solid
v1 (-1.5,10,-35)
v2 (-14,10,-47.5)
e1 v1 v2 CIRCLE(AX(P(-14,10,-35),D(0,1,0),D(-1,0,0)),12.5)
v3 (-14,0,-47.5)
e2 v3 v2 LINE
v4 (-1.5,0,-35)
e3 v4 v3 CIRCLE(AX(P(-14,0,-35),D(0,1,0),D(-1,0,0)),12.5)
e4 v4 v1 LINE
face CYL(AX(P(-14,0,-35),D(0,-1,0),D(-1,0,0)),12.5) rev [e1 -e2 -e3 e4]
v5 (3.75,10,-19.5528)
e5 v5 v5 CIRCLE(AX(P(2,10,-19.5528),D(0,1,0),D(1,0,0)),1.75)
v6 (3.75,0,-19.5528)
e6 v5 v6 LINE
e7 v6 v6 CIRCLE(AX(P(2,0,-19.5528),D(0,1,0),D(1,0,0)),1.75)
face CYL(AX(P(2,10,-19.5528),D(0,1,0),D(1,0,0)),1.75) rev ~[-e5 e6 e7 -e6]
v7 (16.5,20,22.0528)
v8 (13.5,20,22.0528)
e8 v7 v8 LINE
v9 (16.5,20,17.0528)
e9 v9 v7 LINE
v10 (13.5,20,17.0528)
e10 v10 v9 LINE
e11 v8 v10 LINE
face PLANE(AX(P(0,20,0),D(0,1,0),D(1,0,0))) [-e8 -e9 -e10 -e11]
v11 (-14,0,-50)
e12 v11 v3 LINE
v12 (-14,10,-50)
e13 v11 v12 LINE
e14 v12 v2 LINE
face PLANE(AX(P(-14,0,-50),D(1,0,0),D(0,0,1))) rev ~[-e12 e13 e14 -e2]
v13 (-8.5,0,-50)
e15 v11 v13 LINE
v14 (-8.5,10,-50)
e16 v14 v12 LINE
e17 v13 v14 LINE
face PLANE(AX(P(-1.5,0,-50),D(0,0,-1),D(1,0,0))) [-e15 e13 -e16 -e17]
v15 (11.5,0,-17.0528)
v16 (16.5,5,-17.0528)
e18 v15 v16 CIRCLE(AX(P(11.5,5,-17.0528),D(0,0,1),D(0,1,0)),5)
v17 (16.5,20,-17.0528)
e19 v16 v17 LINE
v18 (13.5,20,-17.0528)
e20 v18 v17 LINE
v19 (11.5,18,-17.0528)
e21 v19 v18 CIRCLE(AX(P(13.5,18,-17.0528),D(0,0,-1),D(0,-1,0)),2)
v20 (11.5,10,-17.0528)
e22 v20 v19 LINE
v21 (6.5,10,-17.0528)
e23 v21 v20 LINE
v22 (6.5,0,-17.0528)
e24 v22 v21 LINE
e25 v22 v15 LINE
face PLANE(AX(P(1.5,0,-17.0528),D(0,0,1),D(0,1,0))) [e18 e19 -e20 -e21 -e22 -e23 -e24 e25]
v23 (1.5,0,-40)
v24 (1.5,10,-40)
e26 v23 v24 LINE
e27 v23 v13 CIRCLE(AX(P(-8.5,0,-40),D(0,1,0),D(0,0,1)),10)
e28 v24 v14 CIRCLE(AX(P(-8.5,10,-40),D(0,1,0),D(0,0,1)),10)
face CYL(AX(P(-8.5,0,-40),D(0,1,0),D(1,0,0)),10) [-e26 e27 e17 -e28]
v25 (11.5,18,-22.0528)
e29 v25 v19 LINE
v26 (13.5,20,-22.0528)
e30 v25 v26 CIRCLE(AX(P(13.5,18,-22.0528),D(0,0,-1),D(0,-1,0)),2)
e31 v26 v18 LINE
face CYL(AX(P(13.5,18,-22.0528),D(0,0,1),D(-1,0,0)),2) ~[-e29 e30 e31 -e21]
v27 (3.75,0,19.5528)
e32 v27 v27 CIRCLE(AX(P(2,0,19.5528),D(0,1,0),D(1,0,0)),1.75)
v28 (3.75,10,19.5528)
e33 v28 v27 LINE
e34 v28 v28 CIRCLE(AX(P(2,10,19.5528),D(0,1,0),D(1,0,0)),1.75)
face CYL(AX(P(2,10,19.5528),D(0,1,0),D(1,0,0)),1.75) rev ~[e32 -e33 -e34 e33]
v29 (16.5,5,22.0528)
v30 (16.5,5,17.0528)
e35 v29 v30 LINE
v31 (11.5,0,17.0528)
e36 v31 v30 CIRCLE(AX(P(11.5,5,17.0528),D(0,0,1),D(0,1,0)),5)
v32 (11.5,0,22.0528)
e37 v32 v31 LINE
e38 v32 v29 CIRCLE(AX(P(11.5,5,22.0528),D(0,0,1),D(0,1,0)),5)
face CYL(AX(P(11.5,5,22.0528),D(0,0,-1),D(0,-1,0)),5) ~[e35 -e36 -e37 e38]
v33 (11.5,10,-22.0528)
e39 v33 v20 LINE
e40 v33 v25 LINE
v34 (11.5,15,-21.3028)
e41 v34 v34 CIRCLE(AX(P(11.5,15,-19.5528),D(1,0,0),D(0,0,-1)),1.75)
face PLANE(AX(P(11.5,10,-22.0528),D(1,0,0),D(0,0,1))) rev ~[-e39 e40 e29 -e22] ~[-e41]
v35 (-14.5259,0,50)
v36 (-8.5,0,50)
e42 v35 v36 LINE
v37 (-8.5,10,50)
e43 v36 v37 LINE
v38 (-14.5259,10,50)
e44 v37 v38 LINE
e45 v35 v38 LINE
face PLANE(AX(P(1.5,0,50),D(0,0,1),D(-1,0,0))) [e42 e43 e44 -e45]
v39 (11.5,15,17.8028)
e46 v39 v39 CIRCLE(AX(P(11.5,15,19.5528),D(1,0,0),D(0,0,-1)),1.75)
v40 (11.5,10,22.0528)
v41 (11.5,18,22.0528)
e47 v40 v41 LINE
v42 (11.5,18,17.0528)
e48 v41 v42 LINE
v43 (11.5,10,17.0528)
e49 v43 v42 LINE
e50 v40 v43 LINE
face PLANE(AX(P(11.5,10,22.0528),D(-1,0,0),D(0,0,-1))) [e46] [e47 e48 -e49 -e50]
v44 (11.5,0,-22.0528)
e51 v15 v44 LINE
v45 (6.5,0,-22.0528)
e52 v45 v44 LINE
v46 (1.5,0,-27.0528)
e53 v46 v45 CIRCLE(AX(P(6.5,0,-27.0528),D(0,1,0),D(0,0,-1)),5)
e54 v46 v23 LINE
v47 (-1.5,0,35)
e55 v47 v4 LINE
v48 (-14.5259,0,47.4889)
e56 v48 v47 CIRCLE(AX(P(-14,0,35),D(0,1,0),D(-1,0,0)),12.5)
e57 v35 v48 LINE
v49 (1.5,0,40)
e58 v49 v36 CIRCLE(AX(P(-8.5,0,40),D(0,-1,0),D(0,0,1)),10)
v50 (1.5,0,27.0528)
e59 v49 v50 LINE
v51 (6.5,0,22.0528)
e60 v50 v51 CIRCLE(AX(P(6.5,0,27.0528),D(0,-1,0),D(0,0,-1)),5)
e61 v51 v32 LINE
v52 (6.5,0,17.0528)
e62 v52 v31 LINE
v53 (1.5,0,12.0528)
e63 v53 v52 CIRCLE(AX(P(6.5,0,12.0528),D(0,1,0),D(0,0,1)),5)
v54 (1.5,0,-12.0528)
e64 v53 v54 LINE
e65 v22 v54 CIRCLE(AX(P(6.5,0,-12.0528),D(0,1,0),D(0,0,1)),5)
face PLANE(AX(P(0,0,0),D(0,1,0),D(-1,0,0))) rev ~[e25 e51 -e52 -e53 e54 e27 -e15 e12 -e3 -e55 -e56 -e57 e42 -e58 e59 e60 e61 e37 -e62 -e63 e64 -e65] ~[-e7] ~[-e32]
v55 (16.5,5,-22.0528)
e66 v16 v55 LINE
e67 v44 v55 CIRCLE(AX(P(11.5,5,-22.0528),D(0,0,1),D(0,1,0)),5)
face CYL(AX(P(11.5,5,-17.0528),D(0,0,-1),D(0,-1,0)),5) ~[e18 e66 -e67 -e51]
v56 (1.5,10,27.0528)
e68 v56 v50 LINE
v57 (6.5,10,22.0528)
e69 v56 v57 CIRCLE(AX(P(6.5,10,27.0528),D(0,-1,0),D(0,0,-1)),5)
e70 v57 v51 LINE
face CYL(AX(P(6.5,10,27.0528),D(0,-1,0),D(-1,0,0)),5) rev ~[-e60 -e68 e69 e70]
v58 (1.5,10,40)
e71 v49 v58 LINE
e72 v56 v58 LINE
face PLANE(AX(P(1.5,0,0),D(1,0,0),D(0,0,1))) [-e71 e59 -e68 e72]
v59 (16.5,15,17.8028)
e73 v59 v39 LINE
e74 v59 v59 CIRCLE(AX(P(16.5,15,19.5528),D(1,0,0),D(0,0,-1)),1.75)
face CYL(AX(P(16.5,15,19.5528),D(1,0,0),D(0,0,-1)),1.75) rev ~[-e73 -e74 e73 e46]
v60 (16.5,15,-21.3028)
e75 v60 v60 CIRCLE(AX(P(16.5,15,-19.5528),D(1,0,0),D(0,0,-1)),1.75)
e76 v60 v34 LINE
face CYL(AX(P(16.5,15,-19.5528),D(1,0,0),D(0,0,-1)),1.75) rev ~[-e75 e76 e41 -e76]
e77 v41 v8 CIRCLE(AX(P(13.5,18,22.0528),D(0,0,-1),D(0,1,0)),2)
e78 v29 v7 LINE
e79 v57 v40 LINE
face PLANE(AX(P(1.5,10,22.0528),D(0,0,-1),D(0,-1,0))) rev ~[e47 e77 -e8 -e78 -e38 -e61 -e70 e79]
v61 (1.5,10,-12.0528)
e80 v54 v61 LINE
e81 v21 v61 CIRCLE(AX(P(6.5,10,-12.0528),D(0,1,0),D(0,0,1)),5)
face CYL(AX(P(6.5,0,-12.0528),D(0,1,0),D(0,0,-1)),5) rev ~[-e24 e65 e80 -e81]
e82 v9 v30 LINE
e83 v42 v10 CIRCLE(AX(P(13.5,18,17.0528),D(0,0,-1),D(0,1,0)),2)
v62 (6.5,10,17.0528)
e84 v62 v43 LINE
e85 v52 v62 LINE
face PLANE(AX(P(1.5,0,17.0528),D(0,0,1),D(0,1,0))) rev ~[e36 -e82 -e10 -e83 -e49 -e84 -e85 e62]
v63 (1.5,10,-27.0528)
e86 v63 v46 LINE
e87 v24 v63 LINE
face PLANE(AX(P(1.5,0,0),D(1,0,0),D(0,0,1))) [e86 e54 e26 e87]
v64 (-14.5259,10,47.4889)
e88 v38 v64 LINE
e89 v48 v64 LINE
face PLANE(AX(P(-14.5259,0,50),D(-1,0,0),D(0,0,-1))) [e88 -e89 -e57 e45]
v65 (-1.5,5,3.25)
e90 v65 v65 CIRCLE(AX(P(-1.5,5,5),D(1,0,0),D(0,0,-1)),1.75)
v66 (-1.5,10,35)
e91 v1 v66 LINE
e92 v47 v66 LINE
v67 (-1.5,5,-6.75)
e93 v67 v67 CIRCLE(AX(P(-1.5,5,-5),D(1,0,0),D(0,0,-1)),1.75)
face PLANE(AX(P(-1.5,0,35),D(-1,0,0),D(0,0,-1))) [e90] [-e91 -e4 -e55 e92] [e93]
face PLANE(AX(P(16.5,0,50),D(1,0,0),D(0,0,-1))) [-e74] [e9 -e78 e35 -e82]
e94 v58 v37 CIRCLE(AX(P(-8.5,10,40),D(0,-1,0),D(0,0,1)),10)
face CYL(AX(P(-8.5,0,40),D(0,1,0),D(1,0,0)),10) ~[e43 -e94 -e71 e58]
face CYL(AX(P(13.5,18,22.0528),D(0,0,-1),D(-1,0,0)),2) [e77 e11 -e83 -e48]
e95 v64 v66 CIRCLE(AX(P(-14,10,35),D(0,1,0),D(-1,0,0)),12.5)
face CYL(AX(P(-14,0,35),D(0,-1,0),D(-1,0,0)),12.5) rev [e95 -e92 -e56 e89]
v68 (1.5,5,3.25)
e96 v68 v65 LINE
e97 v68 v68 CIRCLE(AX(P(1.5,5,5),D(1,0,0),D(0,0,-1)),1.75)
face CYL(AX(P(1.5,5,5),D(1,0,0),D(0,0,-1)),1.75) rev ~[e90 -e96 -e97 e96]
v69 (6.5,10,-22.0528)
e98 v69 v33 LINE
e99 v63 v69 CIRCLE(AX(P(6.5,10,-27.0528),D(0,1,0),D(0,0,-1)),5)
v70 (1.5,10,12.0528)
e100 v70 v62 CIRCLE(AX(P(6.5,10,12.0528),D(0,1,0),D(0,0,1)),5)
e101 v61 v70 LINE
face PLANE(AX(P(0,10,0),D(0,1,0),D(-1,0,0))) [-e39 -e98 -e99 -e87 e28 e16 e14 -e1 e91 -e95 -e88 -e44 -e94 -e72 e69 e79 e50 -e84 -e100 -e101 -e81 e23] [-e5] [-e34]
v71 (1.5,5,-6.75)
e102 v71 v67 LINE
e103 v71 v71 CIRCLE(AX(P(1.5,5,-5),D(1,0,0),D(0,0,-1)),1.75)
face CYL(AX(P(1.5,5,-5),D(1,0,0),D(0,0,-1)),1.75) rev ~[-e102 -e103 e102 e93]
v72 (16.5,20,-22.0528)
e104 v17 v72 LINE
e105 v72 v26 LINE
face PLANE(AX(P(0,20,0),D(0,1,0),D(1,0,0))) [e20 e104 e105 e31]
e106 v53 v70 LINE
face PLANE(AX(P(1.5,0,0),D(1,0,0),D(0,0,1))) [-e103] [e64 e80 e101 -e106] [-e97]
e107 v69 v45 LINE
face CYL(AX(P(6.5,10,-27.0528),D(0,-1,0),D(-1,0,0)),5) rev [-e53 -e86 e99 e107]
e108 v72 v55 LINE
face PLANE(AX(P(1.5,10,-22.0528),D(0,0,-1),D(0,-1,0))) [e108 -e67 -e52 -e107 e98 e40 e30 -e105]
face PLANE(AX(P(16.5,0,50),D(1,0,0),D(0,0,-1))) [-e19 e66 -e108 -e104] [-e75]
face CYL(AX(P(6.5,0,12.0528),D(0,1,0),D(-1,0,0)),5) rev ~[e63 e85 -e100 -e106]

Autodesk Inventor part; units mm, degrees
ref_plane "YZ Plane" through (0, 0, 0) normal (1, 0, 0) x (0, 1, 0)
ref_plane "XZ Plane" through (0, 0, 0) normal (0, 1, 0) x (-1, 0, 0)
ref_plane "XY Plane" through (0, 0, 0) normal (0, 0, 1) x (1, 0, 0)
sketch "Esquisse1" plane through (0, 0, 0) normal (0, 1, 0) x (-1, 0, 0)
  line L0 (-1.5, 50) -> (1.5, 50)
  line L1 (1.5, 50) -> (1.5, -50)
  line L2 (1.5, -50) -> (-1.5, -50)
  line L3 (-1.5, -50) -> (-1.5, 50)
  line L4 (1.5, 50) -> (-1.5, -50)
  line L5 (-1.5, 50) -> (1.5, -50)
  circle A0 centre (14, -35) radius 12.5
  line L6 (-10, 0) -> (16, 0)
  circle A1 centre (14, 35) radius 12.5
  line L7 (1.5, -50) -> (14, -50)
  line L8 (14, -50) -> (14, -47.5)
  line L9 (9, -23.5436) -> (9, 23.5436)
  line L10 (1.5, 50) -> (14.5259, 50)
  line L11 (14.5259, 50) -> (14.5259, 47.4889)
  point P0 (0, 0)
  point P1 (0, 0)
  point P2 (0, 0)
  point P3 (14, -22.5)
  point P4 (14, 22.5)
  point P5 (1.5, 35)
  point P6 (1.5, -35)
  dimension "d0" = 3
  dimension "d1" = 100
  dimension "d19" = 25
extrude "Extrusion1" add sketch "Esquisse1" along normal blind 10 contours L5 L6 L3 | L0 L4 L5 | L10 L11 A1 L1 | L1 L6 L4 | L6 L4 L3 | L5 L2 L4 | L6 L1 L5 | L1 A0 L8 L7
sketch "Esquisse2" plane through (1.5, 0, 50) normal (1, 0, 0) x (0, 0, -1)
  line L0 (0, 0) -> (100, 0) projected
  line L1 (27.9472, 0) -> (32.9472, 0)
  line L2 (32.9472, 0) -> (32.9472, 10)
  line L3 (32.9472, 10) -> (27.9472, 10)
  line L4 (27.9472, 10) -> (27.9472, 0)
  line L5 (50, 0) -> (50, 10.1076)
  line L6 (67.0528, 0) -> (67.0528, 10)
  line L7 (67.0528, 10) -> (72.0528, 10)
  line L8 (72.0528, 10) -> (72.0528, 0)
  dimension "d4" = 5
  dimension "d5" = 10
extrude "Extrusion2" add sketch "Esquisse2" along normal blind 15
fillet "Congé1" radius 10 2 edges at (1.5, 5, -50) (1.5, 5, 50)
sketch "Esquisse5" plane through (0, 10, 0) normal (0, 1, 0) x (1, 0, 0)
  line L0 (16.5, 17.0528) -> (16.5, 22.0528) projected
  line L1 (1.5, 17.0528) -> (16.5, 17.0528) projected
  line L2 (16.5, 22.0528) -> (11.5, 22.0528)
  line L3 (11.5, 22.0528) -> (11.5, 17.0528)
  line L4 (11.5, 17.0528) -> (16.5, 17.0528)
  line L5 (16.5, 17.0528) -> (16.5, 22.0528)
  line L6 (-9, 0) -> (10, 0)
  line L7 (16.5, -17.0528) -> (16.5, -22.0528)
  line L8 (16.5, -22.0528) -> (11.5, -22.0528)
  line L9 (11.5, -22.0528) -> (11.5, -17.0528)
  line L10 (11.5, -17.0528) -> (16.5, -17.0528)
  line L11 (16.5, -17.0528) -> (16.5, -22.0528)
  point P0 (0, 0)
  dimension "d22" = 5
extrude "Extrusion5" add sketch "Esquisse5" along normal blind 10
sketch "Esquisse6" plane through (16.5, 0, 50) normal (1, 0, 0) x (0, 0, -1)
  circle A0 centre (30.4472, 15) radius 1.75
  line L0 (27.9472, 20) -> (32.9472, 20) projected
  line L1 (27.9472, 0) -> (27.9472, 20) projected
  line L2 (50, 0) -> (50, 10)
  circle A1 centre (69.5528, 15) radius 1.75
  point P0 (30.4472, 20)
  dimension "d25" = 3.5
  dimension "d26" = 5
  dimension "d27" = 2.5
extrude "Extrusion6" cut sketch "Esquisse6" against normal blind 10
fillet "Congé2" radius 5 6 edges at (16.5, 0, 19.5528) (16.5, 0, -19.5528) (1.5, 5, 22.0528) (1.5, 5, -22.0528) (1.5, 5, -17.0528) (1.5, 5, 17.0528)
fillet "Congé3" radius 2 2 edges at (11.5, 20, 19.5528) (11.5, 20, -19.5528)
sketch "Esquisse7" plane through (0, 10, 0) normal (0, 1, 0) x (1, 0, 0)
  circle A0 centre (2, 19.5528) radius 1.75
  line L0 (-3.6278, 0) -> (5, 0)
  circle A1 centre (2, -19.5528) radius 1.75
  line L1 (6.5, 22.0528) -> (11.5, 22.0528) projected
  point P0 (0, 0)
  dimension "d32" = 3.5
  dimension "d33" = 2.5
extrude "Extrusion7" cut sketch "Esquisse7" against normal blind 23
sketch "Esquisse8" plane through (1.5, 0, 12.0528) normal (1, 0, 0) x (0, 0, -1)
  circle A0 centre (7.0528, 5) radius 1.75
  line L0 (12.0528, 0) -> (12.0528, 10)
  circle A1 centre (17.0528, 5) radius 1.75
  point P0 (12.0528, 5)
  dimension "d36" = 3.5
  dimension "d37" = 5
extrude "Extrusion8" cut sketch "Esquisse8" against normal blind 3
properties part number "pare-chocs"
